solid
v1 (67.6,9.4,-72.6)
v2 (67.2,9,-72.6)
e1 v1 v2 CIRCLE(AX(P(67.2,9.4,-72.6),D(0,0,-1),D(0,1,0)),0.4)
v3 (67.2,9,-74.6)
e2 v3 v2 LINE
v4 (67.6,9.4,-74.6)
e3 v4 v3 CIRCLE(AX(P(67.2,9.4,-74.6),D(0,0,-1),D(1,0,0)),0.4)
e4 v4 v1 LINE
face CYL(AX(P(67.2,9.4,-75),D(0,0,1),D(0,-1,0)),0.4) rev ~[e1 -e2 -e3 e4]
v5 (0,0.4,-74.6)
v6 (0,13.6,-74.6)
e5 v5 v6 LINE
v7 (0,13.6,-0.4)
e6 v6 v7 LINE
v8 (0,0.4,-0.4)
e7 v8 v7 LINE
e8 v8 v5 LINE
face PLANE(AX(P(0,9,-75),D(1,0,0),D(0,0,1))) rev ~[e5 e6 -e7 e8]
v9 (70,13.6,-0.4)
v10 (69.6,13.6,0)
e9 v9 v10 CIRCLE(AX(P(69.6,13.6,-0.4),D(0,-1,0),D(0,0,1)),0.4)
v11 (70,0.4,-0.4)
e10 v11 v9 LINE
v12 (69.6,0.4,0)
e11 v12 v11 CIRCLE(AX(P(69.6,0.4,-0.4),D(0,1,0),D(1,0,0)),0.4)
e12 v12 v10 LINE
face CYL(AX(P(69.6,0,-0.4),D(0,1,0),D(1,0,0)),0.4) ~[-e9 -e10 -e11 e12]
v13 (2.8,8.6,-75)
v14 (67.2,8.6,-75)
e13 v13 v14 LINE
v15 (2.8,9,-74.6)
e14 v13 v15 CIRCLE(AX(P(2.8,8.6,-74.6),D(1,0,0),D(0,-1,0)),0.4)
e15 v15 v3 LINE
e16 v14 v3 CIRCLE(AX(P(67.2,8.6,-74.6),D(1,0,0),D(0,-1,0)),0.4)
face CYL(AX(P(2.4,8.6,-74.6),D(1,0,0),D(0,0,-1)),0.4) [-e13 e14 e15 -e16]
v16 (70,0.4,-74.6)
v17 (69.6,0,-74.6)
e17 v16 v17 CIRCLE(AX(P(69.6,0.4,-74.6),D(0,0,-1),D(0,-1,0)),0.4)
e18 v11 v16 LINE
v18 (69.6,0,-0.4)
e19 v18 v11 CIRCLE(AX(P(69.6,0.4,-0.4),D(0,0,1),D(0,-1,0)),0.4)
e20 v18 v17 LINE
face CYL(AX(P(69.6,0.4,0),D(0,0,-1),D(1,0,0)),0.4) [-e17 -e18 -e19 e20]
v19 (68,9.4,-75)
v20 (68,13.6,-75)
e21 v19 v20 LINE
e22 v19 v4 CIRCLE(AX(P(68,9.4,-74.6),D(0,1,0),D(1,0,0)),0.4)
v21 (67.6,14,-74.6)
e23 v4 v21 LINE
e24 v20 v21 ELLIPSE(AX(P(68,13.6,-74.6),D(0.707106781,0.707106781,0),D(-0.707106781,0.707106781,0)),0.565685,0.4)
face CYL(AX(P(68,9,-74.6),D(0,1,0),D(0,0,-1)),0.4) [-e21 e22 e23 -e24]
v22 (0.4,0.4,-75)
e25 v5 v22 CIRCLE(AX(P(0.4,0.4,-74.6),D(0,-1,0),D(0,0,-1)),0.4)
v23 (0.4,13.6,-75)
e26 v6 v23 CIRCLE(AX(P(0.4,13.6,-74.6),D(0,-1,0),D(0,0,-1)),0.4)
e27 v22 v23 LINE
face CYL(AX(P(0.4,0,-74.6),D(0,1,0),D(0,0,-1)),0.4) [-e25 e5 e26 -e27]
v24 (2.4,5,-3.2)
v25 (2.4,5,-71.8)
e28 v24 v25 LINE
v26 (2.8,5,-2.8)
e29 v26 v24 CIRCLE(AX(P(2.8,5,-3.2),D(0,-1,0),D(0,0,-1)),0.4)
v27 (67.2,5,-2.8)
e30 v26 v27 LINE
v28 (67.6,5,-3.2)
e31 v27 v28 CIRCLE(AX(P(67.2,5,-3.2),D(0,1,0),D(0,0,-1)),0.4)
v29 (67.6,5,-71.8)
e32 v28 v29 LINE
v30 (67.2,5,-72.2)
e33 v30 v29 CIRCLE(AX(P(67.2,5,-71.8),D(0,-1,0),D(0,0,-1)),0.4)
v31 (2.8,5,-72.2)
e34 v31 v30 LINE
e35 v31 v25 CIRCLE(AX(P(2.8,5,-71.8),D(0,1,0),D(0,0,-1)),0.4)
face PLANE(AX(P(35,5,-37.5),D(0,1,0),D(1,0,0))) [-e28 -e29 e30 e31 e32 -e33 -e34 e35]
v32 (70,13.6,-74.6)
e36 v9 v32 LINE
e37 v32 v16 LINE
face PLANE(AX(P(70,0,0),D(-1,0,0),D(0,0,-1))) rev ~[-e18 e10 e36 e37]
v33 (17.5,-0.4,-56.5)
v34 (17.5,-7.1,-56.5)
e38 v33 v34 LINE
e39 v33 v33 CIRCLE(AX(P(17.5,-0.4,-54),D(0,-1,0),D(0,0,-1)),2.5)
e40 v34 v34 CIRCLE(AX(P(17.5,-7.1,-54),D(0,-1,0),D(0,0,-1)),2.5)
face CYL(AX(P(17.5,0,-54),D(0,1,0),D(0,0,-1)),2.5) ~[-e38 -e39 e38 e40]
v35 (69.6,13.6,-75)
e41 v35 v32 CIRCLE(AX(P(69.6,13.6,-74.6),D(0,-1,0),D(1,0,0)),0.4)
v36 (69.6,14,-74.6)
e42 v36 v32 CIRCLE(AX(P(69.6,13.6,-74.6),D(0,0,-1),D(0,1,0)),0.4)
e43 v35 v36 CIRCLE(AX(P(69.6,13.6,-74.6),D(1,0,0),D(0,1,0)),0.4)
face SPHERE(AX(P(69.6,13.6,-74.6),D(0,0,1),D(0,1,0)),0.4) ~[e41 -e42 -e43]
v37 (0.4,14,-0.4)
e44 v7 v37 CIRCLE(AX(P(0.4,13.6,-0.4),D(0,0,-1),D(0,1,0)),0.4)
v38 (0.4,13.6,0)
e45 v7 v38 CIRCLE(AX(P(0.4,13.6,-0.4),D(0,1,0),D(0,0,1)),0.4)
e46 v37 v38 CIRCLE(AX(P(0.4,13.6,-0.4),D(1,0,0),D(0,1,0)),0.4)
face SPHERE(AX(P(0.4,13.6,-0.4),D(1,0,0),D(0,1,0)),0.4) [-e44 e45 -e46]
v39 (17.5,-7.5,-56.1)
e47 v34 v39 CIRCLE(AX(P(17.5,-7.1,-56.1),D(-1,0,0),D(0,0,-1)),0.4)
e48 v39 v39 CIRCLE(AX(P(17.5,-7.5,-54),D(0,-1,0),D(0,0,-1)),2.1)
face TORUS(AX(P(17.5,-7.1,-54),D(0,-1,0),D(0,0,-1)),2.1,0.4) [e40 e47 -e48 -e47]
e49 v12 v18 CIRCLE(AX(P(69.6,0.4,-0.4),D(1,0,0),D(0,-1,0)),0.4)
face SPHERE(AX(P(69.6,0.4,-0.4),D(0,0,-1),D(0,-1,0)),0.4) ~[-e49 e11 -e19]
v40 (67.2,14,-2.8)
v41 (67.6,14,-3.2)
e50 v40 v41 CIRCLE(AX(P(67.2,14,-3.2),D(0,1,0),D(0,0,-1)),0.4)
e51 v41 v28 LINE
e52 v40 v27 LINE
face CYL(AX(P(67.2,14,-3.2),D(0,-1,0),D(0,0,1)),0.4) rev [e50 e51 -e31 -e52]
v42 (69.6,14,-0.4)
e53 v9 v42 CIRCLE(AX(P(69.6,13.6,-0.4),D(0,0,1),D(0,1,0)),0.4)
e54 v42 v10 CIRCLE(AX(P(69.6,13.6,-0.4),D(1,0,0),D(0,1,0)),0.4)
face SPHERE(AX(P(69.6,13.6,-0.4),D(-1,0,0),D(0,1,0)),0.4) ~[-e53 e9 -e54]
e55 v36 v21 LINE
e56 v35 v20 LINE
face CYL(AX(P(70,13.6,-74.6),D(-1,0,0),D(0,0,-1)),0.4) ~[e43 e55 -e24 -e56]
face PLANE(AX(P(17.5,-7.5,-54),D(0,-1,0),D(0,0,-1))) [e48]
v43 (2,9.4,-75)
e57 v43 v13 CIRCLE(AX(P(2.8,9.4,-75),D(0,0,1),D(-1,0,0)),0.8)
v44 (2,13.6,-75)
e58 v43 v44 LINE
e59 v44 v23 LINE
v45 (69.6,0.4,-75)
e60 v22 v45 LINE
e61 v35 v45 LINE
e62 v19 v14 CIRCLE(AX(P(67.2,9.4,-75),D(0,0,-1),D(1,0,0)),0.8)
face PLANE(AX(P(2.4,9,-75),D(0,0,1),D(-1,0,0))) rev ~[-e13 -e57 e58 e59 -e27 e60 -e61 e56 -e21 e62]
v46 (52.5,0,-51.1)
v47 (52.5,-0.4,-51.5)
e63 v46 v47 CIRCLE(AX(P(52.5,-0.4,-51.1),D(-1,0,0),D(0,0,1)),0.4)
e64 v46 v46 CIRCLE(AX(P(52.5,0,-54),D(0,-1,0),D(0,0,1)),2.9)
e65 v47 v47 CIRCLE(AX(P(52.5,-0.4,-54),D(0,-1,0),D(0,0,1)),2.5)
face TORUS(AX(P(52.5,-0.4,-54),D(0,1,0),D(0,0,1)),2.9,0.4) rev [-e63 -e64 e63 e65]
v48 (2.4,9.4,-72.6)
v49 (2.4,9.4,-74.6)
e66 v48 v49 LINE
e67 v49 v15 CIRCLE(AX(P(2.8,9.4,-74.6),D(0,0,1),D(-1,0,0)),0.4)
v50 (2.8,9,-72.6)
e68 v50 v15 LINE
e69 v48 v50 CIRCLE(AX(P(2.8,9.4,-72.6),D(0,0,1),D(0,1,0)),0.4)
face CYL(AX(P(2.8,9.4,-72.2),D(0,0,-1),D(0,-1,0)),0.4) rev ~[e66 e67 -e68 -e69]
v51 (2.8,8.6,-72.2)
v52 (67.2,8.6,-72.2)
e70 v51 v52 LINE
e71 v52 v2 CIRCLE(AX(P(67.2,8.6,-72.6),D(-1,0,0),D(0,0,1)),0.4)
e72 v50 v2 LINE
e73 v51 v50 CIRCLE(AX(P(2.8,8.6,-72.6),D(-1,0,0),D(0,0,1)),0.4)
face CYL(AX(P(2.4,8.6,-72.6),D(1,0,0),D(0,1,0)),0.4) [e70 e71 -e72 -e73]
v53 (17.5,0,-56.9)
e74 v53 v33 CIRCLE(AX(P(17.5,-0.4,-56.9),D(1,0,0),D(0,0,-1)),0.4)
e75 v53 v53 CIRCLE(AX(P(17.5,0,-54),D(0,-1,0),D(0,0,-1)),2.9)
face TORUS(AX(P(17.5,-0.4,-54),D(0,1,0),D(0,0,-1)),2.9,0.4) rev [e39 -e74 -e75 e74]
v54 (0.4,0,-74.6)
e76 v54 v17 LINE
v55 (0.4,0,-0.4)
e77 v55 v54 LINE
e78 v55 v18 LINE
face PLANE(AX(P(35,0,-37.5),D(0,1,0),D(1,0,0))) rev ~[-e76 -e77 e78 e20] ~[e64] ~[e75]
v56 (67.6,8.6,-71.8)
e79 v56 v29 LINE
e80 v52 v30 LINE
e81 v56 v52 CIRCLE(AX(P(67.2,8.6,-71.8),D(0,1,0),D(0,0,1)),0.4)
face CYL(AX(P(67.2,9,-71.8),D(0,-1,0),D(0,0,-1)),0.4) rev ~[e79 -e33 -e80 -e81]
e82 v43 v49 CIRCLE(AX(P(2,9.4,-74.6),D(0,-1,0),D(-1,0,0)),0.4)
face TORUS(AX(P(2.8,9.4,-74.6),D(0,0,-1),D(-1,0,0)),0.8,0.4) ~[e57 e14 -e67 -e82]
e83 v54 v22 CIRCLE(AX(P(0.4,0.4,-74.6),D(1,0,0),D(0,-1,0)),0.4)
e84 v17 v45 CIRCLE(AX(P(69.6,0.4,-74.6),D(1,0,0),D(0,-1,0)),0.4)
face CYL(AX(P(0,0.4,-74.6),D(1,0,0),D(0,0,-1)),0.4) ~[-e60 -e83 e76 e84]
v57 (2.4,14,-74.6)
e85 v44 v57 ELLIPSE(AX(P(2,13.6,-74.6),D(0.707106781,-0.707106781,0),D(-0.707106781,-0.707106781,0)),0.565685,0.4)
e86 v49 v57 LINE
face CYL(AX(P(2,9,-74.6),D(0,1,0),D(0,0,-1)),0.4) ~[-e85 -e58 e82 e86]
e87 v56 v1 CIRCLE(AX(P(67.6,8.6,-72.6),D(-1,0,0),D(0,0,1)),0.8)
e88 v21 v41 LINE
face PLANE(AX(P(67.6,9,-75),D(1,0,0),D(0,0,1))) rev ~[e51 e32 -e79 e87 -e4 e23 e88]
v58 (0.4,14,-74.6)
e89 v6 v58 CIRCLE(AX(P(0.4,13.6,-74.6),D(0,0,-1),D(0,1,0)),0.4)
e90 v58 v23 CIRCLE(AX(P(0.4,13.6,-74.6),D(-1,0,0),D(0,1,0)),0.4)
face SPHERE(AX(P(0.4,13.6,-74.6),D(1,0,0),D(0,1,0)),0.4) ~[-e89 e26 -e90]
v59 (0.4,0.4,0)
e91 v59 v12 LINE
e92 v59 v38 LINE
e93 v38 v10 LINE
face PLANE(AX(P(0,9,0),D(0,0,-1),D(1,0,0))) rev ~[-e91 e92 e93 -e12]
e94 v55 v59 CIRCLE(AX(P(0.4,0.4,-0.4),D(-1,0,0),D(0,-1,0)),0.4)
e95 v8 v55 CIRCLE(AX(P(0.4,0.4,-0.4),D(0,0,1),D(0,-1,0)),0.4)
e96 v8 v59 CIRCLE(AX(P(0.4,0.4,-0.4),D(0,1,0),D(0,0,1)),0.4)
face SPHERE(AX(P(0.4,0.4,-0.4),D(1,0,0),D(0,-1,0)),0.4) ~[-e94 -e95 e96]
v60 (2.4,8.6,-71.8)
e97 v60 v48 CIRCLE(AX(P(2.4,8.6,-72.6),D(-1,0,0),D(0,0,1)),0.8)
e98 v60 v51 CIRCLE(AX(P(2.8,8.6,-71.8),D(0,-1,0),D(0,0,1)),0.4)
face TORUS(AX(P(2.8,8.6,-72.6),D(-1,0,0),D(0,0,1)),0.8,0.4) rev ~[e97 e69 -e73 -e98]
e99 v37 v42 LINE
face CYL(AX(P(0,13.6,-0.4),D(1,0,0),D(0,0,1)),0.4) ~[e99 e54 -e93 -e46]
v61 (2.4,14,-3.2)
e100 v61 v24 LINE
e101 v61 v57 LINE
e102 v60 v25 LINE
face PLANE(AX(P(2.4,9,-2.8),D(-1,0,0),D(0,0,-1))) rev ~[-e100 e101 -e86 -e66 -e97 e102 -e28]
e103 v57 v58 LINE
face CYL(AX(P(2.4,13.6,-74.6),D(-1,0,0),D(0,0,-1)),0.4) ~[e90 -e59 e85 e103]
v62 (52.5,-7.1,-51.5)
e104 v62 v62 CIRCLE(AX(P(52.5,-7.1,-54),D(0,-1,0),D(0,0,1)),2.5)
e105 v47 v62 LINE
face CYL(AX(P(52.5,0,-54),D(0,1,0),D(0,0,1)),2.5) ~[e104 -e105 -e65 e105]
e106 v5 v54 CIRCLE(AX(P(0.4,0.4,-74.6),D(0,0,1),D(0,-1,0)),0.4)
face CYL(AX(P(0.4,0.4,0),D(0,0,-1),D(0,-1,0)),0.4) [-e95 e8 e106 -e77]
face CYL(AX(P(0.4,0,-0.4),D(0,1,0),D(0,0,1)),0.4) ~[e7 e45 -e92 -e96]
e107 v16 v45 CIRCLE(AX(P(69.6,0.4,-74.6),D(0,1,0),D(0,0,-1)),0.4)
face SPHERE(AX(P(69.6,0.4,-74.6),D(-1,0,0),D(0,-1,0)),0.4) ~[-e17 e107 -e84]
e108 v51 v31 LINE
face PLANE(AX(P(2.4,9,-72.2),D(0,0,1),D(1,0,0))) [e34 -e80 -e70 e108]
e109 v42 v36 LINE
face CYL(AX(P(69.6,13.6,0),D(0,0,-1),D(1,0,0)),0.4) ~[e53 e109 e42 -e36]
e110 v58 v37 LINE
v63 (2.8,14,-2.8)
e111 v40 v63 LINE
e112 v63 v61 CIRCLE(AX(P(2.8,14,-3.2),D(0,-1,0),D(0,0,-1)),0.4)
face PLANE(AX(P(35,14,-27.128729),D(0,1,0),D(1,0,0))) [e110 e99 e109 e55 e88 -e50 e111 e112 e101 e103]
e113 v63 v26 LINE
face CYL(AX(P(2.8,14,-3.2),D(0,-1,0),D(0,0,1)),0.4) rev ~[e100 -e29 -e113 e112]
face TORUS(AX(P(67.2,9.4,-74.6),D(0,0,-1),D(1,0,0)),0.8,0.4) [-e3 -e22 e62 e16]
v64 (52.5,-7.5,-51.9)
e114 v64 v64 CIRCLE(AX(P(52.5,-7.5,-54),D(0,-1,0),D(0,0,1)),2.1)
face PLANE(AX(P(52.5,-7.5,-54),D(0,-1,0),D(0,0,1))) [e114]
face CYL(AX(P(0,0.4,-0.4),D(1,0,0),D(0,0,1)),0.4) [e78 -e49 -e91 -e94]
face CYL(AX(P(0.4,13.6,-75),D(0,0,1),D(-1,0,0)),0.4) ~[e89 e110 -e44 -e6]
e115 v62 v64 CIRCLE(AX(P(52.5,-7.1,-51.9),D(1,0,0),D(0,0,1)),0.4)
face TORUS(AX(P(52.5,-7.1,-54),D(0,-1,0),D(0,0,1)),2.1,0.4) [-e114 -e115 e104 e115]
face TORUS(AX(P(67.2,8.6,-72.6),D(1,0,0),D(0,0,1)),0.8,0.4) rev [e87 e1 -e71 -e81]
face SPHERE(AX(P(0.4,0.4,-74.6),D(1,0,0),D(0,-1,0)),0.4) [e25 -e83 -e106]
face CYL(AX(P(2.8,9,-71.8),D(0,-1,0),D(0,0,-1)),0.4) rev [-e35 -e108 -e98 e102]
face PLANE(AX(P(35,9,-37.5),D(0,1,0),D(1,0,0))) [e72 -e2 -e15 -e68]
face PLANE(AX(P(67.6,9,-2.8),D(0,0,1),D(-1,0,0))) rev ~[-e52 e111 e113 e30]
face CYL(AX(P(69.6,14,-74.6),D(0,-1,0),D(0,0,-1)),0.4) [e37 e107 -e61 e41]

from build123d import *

# Parameters (mm, degrees)
SKETCH1_W           = 70
SKETCH1_H           = 75
BOSS_EXTRUDE1_DEPTH = 9
SKETCH2_W           = 65.2
SKETCH2_H           = 69.4
CUT_EXTRUDE1_DEPTH  = 4
SKETCH4_R           = 2.5
BOSS_EXTRUDE3_DEPTH = 7.5
BOSS_EXTRUDE4_DEPTH = 5
FILLET1_R           = 0.4


with BuildPart() as part:
    # Sketch1 → Boss-Extrude1 (new body)
    with BuildSketch(Plane(origin=(0, 0, 0), x_dir=(1, 0, 0), z_dir=(0, 1, 0))):
        with Locations((35, 37.5)):
            Rectangle(SKETCH1_W, SKETCH1_H)
    extrude(amount=BOSS_EXTRUDE1_DEPTH)

    # Sketch2 → Cut-Extrude1 (cut)
    with BuildSketch(Plane(origin=(0, 9, 0), x_dir=(1, 0, 0), z_dir=(0, 1, 0))):
        with Locations((35, 37.5)):
            Rectangle(SKETCH2_W, SKETCH2_H)
    extrude(amount=-CUT_EXTRUDE1_DEPTH, mode=Mode.SUBTRACT)

    # Sketch4 → Boss-Extrude3 (add)
    with BuildSketch(Plane.XZ):
        with Locations(Location((17.5, -54, 0), (0, 0, 270))):
            Circle(SKETCH4_R)
        with Locations(Location((52.5, -54, 0), (0, 0, 90))):
            Circle(SKETCH4_R)
    extrude(amount=BOSS_EXTRUDE3_DEPTH)

    # Sketch5 → Boss-Extrude4 (add)
    with BuildSketch(Plane(origin=(0, 9, 0), x_dir=(1, 0, 0), z_dir=(0, 1, 0))):
        Polygon((2.4, 75), (0, 75), (0, 0), (70, 0), (70, 75), (67.6, 75), (67.6, 2.8), (2.4, 2.8), align=None)
    extrude(amount=BOSS_EXTRUDE4_DEPTH)

    # Fillet1
    fillet1_edges = [part.edges().sort_by_distance(p)[0] for p in [
        (35, 9, -72.2),
        (2.4, 7, -72.2),
        (2.4, 9.5, -2.8),
        (67.6, 9.5, -2.8),
        (67.6, 7, -72.2),
        (17.5, 0, -51.5),
        (17.5, -7.5, -51.5),
        (52.5, 0, -56.5),
        (52.5, -7.5, -56.5),
        (35, 9, -75),
        (2.4, 9, -73.6),
        (67.6, 9, -73.6),
        (35, 14, 0),
        (70, 14, -37.5),
        (68.8, 14, -75),
        (1.2, 14, -75),
        (0, 14, -37.5),
        (2.4, 11.5, -75),
        (67.6, 11.5, -75),
        (35, 0, -75),
        (70, 0, -37.5),
        (35, 0, 0),
        (0, 0, -37.5),
        (0, 7, -75),
        (70, 7, -75),
        (70, 7, 0),
        (0, 7, 0),
    ]]
    fillet(fillet1_edges, radius=FILLET1_R)


solid = part.part
